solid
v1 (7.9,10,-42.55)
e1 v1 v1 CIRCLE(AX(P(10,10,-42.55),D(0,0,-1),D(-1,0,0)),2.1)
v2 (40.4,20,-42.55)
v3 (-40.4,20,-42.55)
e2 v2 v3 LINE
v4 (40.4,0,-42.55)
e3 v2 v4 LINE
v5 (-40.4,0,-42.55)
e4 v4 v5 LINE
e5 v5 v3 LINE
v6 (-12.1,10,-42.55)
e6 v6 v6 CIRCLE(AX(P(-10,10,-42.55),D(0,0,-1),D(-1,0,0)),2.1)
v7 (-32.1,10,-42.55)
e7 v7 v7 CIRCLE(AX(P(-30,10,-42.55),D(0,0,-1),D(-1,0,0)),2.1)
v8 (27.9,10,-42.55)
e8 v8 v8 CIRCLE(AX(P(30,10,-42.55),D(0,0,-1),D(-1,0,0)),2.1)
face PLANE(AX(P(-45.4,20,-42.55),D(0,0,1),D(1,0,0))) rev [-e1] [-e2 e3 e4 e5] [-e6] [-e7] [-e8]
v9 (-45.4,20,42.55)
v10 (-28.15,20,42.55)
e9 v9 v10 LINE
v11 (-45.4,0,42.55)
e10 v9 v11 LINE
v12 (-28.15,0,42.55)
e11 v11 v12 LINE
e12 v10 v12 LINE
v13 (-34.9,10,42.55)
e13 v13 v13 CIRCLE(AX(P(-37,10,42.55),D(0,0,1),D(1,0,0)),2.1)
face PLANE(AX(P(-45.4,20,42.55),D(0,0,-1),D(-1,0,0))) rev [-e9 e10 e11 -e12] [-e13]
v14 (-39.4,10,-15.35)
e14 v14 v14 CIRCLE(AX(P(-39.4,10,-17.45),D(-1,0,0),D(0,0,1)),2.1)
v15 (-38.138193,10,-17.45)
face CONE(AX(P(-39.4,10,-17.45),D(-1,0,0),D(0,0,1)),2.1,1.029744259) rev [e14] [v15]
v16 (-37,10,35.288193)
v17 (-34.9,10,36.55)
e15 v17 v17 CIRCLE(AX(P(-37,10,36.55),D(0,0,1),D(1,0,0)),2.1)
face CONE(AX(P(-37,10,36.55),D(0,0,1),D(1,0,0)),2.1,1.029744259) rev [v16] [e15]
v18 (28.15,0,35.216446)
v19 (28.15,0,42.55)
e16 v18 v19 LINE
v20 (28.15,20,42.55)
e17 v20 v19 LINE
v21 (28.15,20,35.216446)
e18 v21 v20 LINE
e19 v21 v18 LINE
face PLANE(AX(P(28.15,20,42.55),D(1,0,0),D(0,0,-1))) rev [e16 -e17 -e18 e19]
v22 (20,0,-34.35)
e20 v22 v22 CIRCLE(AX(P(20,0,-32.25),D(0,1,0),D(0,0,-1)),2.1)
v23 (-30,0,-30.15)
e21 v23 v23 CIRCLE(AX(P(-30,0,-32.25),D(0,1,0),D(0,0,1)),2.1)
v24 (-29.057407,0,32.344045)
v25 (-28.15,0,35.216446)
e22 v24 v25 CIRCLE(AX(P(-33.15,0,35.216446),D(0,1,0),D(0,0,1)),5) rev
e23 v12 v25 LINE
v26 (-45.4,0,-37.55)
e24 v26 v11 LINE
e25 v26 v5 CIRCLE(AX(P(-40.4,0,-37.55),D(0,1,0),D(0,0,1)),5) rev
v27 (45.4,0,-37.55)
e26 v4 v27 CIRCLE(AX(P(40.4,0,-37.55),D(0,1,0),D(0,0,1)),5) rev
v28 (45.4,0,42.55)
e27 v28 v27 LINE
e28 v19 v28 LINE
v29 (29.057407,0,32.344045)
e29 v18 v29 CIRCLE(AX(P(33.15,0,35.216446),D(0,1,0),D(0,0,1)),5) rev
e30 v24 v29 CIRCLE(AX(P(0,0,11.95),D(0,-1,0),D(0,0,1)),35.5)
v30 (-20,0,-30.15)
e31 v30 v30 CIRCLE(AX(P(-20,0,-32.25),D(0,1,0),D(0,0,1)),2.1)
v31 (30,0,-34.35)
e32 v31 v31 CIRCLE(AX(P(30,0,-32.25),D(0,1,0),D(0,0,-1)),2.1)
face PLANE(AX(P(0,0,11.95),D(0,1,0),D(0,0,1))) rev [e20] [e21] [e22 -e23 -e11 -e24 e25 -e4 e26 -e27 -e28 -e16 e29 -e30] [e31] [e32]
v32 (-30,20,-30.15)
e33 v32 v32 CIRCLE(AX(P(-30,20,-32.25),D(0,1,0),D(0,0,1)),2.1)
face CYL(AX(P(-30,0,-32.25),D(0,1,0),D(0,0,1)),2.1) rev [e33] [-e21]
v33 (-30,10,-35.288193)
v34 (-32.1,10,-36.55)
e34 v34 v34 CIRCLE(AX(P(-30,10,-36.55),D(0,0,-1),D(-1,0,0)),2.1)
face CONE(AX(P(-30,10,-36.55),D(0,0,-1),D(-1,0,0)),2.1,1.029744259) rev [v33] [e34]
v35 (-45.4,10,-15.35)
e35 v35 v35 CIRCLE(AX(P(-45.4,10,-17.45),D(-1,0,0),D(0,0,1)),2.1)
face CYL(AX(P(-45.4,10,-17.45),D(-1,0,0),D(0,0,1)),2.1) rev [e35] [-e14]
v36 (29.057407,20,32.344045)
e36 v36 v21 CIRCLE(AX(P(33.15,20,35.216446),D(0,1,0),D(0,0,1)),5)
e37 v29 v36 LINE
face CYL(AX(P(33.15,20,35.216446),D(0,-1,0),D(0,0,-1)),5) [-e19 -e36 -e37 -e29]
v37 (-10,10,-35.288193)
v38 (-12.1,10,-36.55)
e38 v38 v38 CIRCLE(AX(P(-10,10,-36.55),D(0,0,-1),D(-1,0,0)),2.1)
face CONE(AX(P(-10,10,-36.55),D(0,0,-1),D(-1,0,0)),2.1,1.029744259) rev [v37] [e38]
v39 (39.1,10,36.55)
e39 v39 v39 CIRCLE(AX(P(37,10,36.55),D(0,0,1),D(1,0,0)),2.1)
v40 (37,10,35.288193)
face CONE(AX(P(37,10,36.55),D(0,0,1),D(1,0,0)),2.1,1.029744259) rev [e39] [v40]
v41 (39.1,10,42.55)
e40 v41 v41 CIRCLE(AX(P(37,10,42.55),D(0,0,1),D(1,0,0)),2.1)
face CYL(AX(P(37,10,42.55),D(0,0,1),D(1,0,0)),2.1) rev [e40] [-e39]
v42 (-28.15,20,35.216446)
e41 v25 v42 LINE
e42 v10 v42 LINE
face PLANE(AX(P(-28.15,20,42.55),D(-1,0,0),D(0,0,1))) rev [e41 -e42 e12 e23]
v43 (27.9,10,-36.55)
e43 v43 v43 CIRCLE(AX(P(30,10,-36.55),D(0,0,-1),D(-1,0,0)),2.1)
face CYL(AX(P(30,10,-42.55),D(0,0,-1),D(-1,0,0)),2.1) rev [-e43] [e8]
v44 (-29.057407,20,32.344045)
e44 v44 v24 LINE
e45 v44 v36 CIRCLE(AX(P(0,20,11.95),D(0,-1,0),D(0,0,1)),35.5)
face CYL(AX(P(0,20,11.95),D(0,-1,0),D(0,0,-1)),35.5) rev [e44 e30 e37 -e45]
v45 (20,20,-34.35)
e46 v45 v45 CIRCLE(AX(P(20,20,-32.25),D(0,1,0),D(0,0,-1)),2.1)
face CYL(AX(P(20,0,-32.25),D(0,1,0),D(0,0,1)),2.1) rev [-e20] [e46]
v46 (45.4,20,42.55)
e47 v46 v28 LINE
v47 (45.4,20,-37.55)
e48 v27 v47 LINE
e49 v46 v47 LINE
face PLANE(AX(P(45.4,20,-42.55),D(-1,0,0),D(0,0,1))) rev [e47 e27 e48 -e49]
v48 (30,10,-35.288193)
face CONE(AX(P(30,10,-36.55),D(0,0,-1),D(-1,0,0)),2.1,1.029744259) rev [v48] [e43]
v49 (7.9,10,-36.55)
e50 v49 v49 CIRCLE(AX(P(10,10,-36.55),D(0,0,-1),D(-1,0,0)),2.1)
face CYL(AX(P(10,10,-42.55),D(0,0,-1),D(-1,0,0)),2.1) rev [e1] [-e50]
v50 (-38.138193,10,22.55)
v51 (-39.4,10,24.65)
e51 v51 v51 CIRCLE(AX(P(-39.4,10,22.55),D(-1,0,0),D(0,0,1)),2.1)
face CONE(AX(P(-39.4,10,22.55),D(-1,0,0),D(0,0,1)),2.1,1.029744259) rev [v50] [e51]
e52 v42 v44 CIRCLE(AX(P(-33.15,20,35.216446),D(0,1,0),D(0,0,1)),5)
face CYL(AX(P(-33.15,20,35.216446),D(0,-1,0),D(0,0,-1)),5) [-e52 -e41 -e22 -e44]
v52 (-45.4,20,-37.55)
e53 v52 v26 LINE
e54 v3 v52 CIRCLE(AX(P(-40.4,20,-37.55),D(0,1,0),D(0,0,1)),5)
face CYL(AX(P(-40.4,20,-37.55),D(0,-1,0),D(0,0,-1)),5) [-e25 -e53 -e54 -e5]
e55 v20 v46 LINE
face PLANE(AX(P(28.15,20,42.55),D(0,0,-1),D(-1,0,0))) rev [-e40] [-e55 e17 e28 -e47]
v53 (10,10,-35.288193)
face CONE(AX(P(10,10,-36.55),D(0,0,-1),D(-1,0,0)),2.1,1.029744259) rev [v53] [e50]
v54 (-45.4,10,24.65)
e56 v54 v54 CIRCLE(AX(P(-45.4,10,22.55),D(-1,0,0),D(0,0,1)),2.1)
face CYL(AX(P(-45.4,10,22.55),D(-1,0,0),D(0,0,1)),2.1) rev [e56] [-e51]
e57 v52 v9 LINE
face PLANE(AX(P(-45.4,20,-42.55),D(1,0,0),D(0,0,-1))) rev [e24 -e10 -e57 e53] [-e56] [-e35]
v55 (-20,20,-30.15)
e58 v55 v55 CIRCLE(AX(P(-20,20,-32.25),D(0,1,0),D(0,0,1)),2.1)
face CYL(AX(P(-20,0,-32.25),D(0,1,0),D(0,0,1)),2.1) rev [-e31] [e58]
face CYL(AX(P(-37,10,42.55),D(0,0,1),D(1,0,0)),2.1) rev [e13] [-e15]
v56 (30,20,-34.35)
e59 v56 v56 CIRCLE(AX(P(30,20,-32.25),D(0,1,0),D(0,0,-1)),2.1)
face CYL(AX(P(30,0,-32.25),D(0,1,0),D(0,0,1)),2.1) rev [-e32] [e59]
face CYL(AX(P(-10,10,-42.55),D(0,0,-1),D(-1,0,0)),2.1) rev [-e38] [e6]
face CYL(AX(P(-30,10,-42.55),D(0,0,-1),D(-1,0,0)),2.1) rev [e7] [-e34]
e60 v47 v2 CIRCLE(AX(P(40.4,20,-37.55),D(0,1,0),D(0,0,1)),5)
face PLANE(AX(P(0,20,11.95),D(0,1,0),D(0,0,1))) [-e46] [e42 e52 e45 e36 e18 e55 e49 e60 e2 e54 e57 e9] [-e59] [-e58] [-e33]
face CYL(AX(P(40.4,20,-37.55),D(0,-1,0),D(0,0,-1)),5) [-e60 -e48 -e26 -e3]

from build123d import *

# Parameters (mm, degrees)
BOSS_EXTRUDE1_DEPTH            = 20
SKETCH3_R                      = 2.1
CUT_EXTRUDE1_DEPTH             = 66.357956669
F_4_2_4_2_DIAMETER_HOLE1_D     = 4.2
F_4_2_4_2_DIAMETER_HOLE1_DEPTH = 6
F_4_2_4_2_DIAMETER_HOLE1_TIP   = 1.2618073
F_4_2_4_2_DIAMETER_HOLE4_D     = 4.2
F_4_2_4_2_DIAMETER_HOLE4_DEPTH = 6
F_4_2_4_2_DIAMETER_HOLE4_TIP   = 1.2618073
FILLET2_R                      = 5


with BuildPart() as part:
    # Sketch1 → Boss-Extrude1 (new body)
    with BuildSketch(Plane(origin=(0, 0, 0), x_dir=(1, 0, 0), z_dir=(0, 1, 0))):
        with BuildLine():
            Line((28.15, -42.55), (45.4, -42.55))
            Line((45.4, -42.55), (45.4, 42.55))
            Line((45.4, 42.55), (-45.4, 42.55))
            Line((-45.4, 42.55), (-45.4, -42.55))
            Line((-45.4, -42.55), (-28.15, -42.55))
            Line((-28.15, -42.55), (-28.15, -33.579320378))
            ThreePointArc((-28.15, -33.579320378), (0, 23.55), (28.15, -33.579320378))
            Line((28.15, -33.579320378), (28.15, -42.55))
        make_face()
    extrude(amount=BOSS_EXTRUDE1_DEPTH)

    # Sketch3 → Cut-Extrude1 (cut, through all)
    with BuildSketch(Plane(origin=(0, 20, 0), x_dir=(1, 0, 0), z_dir=(0, 1, 0))):
        with Locations(Location((-30, 32.25, 0), (0, 0, 270))):
            Circle(SKETCH3_R)
        with Locations(Location((-20, 32.25, 0), (0, 0, 270))):
            Circle(SKETCH3_R)
        with Locations(Location((20, 32.25, 0), (0, 0, 90))):
            Circle(SKETCH3_R)
        with Locations(Location((30, 32.25, 0), (0, 0, 90))):
            Circle(SKETCH3_R)
    extrude(amount=-CUT_EXTRUDE1_DEPTH, mode=Mode.SUBTRACT)

    # Ø4.2 (4.2) Diameter Hole1
    with Locations(Plane(origin=(0, 0, -42.55), x_dir=(-1, 0, 0), z_dir=(0, 0, -1))):
        with Locations((-30, 10), (-10, 10), (10, 10), (30, 10)):
            Hole(F_4_2_4_2_DIAMETER_HOLE1_D / 2, depth=F_4_2_4_2_DIAMETER_HOLE1_DEPTH)
            with Locations((0, 0, -(F_4_2_4_2_DIAMETER_HOLE1_DEPTH + F_4_2_4_2_DIAMETER_HOLE1_TIP / 2))):  # 118° drill point
                Cone(0, F_4_2_4_2_DIAMETER_HOLE1_D / 2, F_4_2_4_2_DIAMETER_HOLE1_TIP, mode=Mode.SUBTRACT)

    # Ø4.2 (4.2) Diameter Hole4
    with Locations(Plane.ZY.offset(45.4)):
        with Locations((-17.45, 10), (22.55, 10)):
            Hole(F_4_2_4_2_DIAMETER_HOLE4_D / 2, depth=F_4_2_4_2_DIAMETER_HOLE4_DEPTH)
            with Locations((0, 0, -(F_4_2_4_2_DIAMETER_HOLE4_DEPTH + F_4_2_4_2_DIAMETER_HOLE4_TIP / 2))):  # 118° drill point
                Cone(0, F_4_2_4_2_DIAMETER_HOLE4_D / 2, F_4_2_4_2_DIAMETER_HOLE4_TIP, mode=Mode.SUBTRACT)

    # Sketch20 → Ø4.2 (4.2) Diameter Hole6 (revolve, cut)
    with BuildSketch(Plane(origin=(-37, 10, 42.55), x_dir=(0, -1, 0), z_dir=(1, 0, 0))):
        Polygon((0, 0), (0, 7.2618073), (2.1, 6), (2.1, 0), align=None)
    f_4_2_4_2_diameter_hole6 = revolve(axis=Axis((-37, 10, 48.9), (0, 0, -1)), mode=Mode.SUBTRACT)

    # Mirror2: Ø4.2 (4.2) Diameter Hole6 across plane
    add(f_4_2_4_2_diameter_hole6.mirror(Plane(origin=(0, 0, 0), x_dir=(0, 0, 1), z_dir=(1, 0, 0))), mode=Mode.SUBTRACT)

    # Fillet2
    fillet2_edges = [part.edges().sort_by_distance(p)[0] for p in [
        (28.15, 10, 33.579320378),
        (-28.15, 10, 33.579320378),
        (-45.4, 10, -42.55),
        (45.4, 10, -42.55),
    ]]
    fillet(fillet2_edges, radius=FILLET2_R)


solid = part.part
